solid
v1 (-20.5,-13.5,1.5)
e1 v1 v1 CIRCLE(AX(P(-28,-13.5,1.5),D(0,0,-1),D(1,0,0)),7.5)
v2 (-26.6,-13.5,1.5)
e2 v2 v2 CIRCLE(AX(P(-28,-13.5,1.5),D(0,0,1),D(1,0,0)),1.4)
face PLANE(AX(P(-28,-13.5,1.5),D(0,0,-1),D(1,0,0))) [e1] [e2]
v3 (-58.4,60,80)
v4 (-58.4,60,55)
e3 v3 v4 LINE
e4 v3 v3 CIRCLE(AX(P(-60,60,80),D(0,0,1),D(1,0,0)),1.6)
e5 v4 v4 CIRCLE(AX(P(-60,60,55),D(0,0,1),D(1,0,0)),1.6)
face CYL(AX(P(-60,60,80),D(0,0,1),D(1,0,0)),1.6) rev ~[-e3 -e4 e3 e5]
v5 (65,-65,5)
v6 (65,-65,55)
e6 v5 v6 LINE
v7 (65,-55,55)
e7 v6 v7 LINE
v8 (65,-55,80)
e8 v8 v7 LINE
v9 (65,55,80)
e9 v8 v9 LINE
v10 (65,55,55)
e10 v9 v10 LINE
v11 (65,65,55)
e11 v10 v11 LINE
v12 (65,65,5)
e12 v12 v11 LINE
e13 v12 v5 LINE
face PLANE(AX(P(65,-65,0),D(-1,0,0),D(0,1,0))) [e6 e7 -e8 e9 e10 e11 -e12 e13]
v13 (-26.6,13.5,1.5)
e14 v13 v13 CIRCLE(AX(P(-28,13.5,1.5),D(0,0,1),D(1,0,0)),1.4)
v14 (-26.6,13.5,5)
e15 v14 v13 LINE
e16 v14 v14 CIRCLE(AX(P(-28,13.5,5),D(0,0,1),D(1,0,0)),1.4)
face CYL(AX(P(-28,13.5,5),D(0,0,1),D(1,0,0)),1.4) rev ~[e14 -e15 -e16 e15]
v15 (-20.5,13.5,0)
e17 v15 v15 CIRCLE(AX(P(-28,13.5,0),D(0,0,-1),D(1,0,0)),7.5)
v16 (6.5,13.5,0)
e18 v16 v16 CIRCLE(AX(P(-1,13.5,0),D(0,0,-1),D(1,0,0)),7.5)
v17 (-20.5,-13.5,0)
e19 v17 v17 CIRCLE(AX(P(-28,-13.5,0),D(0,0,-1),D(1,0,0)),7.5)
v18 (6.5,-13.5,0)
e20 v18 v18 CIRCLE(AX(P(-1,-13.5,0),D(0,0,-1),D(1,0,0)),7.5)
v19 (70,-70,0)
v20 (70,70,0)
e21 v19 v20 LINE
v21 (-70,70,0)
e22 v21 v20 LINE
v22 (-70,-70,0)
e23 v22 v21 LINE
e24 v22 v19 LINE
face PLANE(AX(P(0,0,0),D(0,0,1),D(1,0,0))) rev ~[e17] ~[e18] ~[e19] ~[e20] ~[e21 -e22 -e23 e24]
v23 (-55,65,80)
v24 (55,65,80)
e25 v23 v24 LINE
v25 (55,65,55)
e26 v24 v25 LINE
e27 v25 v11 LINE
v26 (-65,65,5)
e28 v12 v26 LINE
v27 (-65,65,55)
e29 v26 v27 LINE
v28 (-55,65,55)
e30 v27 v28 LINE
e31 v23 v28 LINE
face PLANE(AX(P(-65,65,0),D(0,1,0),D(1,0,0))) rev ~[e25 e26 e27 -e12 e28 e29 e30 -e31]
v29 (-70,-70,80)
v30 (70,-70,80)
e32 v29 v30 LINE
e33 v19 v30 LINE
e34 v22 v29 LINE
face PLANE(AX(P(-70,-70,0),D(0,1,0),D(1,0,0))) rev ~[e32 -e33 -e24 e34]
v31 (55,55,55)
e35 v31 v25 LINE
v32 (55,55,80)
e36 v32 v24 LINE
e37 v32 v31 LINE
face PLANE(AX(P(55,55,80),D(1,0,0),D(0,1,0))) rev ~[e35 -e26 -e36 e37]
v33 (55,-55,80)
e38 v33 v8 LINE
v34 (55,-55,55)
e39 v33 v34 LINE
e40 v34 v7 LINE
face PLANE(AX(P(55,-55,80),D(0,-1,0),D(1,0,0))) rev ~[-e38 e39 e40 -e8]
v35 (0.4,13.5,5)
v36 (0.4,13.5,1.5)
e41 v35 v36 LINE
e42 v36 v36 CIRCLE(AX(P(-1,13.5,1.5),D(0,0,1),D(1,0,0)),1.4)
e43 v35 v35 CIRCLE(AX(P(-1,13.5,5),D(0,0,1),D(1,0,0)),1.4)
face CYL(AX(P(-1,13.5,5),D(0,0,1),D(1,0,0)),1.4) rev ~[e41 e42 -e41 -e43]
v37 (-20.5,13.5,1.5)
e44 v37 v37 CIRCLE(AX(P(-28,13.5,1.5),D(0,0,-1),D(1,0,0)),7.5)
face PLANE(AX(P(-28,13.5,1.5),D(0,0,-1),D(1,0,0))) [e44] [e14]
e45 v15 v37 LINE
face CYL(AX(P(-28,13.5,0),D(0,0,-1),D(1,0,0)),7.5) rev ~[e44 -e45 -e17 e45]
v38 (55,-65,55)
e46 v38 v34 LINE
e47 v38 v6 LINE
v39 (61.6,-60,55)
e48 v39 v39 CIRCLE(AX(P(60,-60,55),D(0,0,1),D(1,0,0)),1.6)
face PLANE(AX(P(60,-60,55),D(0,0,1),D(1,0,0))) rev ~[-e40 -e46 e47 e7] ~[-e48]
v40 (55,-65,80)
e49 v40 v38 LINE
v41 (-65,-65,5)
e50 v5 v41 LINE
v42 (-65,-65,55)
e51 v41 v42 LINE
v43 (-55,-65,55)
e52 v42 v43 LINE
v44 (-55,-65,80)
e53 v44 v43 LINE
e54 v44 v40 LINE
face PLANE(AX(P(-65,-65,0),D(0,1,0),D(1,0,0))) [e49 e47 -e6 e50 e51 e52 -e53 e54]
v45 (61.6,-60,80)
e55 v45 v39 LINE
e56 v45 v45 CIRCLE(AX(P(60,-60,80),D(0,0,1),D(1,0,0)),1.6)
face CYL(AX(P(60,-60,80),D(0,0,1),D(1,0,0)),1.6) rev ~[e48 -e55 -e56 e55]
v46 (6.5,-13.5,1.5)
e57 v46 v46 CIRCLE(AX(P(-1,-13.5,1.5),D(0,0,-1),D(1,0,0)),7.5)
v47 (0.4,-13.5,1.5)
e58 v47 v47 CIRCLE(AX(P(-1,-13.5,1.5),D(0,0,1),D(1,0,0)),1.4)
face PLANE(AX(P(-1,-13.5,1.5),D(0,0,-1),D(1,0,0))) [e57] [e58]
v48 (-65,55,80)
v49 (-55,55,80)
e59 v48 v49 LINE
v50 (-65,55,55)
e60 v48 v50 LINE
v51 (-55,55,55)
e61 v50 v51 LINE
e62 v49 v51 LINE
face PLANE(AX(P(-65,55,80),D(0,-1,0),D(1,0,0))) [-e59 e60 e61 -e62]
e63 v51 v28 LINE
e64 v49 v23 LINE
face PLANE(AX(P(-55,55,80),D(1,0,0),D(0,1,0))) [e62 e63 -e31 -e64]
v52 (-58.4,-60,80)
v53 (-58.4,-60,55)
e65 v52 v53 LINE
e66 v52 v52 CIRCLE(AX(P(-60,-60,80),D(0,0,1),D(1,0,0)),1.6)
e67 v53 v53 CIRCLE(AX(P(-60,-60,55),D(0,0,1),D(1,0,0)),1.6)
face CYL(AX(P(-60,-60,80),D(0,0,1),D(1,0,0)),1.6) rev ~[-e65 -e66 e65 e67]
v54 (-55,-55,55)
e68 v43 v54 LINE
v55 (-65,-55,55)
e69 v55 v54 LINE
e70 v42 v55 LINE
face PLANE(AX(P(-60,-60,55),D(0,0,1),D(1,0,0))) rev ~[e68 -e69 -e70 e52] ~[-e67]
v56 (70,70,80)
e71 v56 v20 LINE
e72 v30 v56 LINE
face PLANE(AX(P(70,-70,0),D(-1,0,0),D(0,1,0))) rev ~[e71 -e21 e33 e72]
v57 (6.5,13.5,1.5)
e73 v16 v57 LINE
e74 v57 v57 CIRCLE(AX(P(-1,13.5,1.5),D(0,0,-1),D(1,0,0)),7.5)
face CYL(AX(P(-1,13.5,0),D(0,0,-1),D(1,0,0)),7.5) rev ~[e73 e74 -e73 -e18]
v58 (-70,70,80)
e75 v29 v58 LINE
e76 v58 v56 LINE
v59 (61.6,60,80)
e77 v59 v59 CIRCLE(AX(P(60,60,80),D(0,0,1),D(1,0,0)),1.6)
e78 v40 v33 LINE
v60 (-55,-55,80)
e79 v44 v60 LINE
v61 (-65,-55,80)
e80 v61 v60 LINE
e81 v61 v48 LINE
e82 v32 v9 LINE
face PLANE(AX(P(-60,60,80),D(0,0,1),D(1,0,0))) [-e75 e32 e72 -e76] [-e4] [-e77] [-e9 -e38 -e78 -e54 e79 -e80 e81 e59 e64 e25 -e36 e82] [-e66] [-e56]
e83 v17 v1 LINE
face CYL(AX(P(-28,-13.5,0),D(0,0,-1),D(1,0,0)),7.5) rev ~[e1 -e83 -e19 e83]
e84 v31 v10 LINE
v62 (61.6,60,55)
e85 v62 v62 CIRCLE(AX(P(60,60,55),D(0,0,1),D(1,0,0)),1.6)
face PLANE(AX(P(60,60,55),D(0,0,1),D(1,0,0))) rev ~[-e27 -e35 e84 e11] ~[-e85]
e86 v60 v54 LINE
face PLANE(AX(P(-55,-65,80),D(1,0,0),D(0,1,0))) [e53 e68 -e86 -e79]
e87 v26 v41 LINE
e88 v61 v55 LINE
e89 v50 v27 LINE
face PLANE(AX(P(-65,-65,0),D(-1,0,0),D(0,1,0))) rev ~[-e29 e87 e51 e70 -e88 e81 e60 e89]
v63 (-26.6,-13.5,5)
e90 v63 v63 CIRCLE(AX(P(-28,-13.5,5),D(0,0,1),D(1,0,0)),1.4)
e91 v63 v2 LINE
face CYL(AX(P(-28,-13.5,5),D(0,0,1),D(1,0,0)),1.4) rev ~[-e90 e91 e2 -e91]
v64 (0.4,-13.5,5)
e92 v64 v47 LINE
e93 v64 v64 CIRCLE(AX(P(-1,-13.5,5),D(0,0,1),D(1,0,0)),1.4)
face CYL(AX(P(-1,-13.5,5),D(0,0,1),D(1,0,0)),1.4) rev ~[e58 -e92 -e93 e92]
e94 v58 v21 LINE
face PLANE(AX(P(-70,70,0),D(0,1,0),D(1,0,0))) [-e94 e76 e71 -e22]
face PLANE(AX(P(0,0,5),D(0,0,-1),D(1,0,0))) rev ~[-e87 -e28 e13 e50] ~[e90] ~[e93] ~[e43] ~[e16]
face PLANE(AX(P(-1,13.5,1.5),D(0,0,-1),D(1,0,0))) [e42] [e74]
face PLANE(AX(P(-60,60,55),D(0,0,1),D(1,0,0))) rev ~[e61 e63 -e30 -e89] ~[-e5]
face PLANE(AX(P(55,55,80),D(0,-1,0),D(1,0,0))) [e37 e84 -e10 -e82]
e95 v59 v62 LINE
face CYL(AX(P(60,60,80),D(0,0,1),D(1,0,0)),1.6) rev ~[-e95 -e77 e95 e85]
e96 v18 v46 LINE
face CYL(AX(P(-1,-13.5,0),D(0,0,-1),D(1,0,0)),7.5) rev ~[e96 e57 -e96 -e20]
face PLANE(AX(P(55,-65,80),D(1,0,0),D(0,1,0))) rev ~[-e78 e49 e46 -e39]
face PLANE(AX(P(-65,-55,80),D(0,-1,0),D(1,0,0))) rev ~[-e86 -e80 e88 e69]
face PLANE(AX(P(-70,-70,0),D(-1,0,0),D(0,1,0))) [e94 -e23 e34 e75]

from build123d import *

# Parameters (mm, degrees)
F0_W     = 140
F0_H     = 140
F0_W_2   = 130
F0_H_2   = 130
F1_DEPTH = 80
F2_W     = 140
F2_H     = 140
F3_DEPTH = 5
F4_R     = 1.4
F5_DEPTH = 5
F6_R     = 7.5
F7_DEPTH = 1.5
F8_W     = 10
F8_H     = 10
F8_R     = 1.6
F9_DEPTH = 25


with BuildPart() as f1:
    # F0 (on Top) → F1 (new body)
    with BuildSketch(Plane.XY):
        Rectangle(F0_W, F0_H)
        Rectangle(F0_W_2, F0_H_2, mode=Mode.SUBTRACT)
    extrude(amount=F1_DEPTH)

    # F2 (on face) → F3 (join)
    with BuildSketch(Plane(origin=(0, 0, 0), x_dir=(1, 0, 0), z_dir=(0, 0, -1))):
        Rectangle(F2_W, F2_H)
    extrude(amount=-F3_DEPTH)

    # F4 (on face) → F5 (cut, through all)
    with BuildSketch(Plane.XY.offset(5)):
        with Locations((-1, 13.5)):
            Circle(F4_R)
        with Locations((-28, 13.5)):
            Circle(F4_R)
        with Locations((-1, -13.5)):
            Circle(F4_R)
        with Locations((-28, -13.5)):
            Circle(F4_R)
    extrude(amount=-F5_DEPTH, mode=Mode.SUBTRACT)

    # F6 (on face) → F7 (cut)
    with BuildSketch(Plane(origin=(0, 0, 0), x_dir=(1, 0, 0), z_dir=(0, 0, -1))):
        with Locations((-28, 13.5)):
            Circle(F6_R)
        with Locations((-1, 13.5)):
            Circle(F6_R)
        with Locations((-28, -13.5)):
            Circle(F6_R)
        with Locations((-1, -13.5)):
            Circle(F6_R)
    extrude(amount=-F7_DEPTH, mode=Mode.SUBTRACT)

    # F8 (on face) → F9 (join)
    with BuildSketch(Plane.XY.offset(80)):
        with Locations((-60, 60)):
            Rectangle(F8_W, F8_H)
        with Locations((-60, 60)):
            Circle(F8_R, mode=Mode.SUBTRACT)
        with Locations((60, 60)):
            Rectangle(F8_W, F8_H)
        with Locations((60, 60)):
            Circle(F8_R, mode=Mode.SUBTRACT)
        with Locations((-60, -60)):
            Rectangle(F8_W, F8_H)
        with Locations((-60, -60)):
            Circle(F8_R, mode=Mode.SUBTRACT)
        with Locations((60, -60)):
            Rectangle(F8_W, F8_H)
        with Locations((60, -60)):
            Circle(F8_R, mode=Mode.SUBTRACT)
    extrude(amount=-F9_DEPTH)


solid = f1.part
